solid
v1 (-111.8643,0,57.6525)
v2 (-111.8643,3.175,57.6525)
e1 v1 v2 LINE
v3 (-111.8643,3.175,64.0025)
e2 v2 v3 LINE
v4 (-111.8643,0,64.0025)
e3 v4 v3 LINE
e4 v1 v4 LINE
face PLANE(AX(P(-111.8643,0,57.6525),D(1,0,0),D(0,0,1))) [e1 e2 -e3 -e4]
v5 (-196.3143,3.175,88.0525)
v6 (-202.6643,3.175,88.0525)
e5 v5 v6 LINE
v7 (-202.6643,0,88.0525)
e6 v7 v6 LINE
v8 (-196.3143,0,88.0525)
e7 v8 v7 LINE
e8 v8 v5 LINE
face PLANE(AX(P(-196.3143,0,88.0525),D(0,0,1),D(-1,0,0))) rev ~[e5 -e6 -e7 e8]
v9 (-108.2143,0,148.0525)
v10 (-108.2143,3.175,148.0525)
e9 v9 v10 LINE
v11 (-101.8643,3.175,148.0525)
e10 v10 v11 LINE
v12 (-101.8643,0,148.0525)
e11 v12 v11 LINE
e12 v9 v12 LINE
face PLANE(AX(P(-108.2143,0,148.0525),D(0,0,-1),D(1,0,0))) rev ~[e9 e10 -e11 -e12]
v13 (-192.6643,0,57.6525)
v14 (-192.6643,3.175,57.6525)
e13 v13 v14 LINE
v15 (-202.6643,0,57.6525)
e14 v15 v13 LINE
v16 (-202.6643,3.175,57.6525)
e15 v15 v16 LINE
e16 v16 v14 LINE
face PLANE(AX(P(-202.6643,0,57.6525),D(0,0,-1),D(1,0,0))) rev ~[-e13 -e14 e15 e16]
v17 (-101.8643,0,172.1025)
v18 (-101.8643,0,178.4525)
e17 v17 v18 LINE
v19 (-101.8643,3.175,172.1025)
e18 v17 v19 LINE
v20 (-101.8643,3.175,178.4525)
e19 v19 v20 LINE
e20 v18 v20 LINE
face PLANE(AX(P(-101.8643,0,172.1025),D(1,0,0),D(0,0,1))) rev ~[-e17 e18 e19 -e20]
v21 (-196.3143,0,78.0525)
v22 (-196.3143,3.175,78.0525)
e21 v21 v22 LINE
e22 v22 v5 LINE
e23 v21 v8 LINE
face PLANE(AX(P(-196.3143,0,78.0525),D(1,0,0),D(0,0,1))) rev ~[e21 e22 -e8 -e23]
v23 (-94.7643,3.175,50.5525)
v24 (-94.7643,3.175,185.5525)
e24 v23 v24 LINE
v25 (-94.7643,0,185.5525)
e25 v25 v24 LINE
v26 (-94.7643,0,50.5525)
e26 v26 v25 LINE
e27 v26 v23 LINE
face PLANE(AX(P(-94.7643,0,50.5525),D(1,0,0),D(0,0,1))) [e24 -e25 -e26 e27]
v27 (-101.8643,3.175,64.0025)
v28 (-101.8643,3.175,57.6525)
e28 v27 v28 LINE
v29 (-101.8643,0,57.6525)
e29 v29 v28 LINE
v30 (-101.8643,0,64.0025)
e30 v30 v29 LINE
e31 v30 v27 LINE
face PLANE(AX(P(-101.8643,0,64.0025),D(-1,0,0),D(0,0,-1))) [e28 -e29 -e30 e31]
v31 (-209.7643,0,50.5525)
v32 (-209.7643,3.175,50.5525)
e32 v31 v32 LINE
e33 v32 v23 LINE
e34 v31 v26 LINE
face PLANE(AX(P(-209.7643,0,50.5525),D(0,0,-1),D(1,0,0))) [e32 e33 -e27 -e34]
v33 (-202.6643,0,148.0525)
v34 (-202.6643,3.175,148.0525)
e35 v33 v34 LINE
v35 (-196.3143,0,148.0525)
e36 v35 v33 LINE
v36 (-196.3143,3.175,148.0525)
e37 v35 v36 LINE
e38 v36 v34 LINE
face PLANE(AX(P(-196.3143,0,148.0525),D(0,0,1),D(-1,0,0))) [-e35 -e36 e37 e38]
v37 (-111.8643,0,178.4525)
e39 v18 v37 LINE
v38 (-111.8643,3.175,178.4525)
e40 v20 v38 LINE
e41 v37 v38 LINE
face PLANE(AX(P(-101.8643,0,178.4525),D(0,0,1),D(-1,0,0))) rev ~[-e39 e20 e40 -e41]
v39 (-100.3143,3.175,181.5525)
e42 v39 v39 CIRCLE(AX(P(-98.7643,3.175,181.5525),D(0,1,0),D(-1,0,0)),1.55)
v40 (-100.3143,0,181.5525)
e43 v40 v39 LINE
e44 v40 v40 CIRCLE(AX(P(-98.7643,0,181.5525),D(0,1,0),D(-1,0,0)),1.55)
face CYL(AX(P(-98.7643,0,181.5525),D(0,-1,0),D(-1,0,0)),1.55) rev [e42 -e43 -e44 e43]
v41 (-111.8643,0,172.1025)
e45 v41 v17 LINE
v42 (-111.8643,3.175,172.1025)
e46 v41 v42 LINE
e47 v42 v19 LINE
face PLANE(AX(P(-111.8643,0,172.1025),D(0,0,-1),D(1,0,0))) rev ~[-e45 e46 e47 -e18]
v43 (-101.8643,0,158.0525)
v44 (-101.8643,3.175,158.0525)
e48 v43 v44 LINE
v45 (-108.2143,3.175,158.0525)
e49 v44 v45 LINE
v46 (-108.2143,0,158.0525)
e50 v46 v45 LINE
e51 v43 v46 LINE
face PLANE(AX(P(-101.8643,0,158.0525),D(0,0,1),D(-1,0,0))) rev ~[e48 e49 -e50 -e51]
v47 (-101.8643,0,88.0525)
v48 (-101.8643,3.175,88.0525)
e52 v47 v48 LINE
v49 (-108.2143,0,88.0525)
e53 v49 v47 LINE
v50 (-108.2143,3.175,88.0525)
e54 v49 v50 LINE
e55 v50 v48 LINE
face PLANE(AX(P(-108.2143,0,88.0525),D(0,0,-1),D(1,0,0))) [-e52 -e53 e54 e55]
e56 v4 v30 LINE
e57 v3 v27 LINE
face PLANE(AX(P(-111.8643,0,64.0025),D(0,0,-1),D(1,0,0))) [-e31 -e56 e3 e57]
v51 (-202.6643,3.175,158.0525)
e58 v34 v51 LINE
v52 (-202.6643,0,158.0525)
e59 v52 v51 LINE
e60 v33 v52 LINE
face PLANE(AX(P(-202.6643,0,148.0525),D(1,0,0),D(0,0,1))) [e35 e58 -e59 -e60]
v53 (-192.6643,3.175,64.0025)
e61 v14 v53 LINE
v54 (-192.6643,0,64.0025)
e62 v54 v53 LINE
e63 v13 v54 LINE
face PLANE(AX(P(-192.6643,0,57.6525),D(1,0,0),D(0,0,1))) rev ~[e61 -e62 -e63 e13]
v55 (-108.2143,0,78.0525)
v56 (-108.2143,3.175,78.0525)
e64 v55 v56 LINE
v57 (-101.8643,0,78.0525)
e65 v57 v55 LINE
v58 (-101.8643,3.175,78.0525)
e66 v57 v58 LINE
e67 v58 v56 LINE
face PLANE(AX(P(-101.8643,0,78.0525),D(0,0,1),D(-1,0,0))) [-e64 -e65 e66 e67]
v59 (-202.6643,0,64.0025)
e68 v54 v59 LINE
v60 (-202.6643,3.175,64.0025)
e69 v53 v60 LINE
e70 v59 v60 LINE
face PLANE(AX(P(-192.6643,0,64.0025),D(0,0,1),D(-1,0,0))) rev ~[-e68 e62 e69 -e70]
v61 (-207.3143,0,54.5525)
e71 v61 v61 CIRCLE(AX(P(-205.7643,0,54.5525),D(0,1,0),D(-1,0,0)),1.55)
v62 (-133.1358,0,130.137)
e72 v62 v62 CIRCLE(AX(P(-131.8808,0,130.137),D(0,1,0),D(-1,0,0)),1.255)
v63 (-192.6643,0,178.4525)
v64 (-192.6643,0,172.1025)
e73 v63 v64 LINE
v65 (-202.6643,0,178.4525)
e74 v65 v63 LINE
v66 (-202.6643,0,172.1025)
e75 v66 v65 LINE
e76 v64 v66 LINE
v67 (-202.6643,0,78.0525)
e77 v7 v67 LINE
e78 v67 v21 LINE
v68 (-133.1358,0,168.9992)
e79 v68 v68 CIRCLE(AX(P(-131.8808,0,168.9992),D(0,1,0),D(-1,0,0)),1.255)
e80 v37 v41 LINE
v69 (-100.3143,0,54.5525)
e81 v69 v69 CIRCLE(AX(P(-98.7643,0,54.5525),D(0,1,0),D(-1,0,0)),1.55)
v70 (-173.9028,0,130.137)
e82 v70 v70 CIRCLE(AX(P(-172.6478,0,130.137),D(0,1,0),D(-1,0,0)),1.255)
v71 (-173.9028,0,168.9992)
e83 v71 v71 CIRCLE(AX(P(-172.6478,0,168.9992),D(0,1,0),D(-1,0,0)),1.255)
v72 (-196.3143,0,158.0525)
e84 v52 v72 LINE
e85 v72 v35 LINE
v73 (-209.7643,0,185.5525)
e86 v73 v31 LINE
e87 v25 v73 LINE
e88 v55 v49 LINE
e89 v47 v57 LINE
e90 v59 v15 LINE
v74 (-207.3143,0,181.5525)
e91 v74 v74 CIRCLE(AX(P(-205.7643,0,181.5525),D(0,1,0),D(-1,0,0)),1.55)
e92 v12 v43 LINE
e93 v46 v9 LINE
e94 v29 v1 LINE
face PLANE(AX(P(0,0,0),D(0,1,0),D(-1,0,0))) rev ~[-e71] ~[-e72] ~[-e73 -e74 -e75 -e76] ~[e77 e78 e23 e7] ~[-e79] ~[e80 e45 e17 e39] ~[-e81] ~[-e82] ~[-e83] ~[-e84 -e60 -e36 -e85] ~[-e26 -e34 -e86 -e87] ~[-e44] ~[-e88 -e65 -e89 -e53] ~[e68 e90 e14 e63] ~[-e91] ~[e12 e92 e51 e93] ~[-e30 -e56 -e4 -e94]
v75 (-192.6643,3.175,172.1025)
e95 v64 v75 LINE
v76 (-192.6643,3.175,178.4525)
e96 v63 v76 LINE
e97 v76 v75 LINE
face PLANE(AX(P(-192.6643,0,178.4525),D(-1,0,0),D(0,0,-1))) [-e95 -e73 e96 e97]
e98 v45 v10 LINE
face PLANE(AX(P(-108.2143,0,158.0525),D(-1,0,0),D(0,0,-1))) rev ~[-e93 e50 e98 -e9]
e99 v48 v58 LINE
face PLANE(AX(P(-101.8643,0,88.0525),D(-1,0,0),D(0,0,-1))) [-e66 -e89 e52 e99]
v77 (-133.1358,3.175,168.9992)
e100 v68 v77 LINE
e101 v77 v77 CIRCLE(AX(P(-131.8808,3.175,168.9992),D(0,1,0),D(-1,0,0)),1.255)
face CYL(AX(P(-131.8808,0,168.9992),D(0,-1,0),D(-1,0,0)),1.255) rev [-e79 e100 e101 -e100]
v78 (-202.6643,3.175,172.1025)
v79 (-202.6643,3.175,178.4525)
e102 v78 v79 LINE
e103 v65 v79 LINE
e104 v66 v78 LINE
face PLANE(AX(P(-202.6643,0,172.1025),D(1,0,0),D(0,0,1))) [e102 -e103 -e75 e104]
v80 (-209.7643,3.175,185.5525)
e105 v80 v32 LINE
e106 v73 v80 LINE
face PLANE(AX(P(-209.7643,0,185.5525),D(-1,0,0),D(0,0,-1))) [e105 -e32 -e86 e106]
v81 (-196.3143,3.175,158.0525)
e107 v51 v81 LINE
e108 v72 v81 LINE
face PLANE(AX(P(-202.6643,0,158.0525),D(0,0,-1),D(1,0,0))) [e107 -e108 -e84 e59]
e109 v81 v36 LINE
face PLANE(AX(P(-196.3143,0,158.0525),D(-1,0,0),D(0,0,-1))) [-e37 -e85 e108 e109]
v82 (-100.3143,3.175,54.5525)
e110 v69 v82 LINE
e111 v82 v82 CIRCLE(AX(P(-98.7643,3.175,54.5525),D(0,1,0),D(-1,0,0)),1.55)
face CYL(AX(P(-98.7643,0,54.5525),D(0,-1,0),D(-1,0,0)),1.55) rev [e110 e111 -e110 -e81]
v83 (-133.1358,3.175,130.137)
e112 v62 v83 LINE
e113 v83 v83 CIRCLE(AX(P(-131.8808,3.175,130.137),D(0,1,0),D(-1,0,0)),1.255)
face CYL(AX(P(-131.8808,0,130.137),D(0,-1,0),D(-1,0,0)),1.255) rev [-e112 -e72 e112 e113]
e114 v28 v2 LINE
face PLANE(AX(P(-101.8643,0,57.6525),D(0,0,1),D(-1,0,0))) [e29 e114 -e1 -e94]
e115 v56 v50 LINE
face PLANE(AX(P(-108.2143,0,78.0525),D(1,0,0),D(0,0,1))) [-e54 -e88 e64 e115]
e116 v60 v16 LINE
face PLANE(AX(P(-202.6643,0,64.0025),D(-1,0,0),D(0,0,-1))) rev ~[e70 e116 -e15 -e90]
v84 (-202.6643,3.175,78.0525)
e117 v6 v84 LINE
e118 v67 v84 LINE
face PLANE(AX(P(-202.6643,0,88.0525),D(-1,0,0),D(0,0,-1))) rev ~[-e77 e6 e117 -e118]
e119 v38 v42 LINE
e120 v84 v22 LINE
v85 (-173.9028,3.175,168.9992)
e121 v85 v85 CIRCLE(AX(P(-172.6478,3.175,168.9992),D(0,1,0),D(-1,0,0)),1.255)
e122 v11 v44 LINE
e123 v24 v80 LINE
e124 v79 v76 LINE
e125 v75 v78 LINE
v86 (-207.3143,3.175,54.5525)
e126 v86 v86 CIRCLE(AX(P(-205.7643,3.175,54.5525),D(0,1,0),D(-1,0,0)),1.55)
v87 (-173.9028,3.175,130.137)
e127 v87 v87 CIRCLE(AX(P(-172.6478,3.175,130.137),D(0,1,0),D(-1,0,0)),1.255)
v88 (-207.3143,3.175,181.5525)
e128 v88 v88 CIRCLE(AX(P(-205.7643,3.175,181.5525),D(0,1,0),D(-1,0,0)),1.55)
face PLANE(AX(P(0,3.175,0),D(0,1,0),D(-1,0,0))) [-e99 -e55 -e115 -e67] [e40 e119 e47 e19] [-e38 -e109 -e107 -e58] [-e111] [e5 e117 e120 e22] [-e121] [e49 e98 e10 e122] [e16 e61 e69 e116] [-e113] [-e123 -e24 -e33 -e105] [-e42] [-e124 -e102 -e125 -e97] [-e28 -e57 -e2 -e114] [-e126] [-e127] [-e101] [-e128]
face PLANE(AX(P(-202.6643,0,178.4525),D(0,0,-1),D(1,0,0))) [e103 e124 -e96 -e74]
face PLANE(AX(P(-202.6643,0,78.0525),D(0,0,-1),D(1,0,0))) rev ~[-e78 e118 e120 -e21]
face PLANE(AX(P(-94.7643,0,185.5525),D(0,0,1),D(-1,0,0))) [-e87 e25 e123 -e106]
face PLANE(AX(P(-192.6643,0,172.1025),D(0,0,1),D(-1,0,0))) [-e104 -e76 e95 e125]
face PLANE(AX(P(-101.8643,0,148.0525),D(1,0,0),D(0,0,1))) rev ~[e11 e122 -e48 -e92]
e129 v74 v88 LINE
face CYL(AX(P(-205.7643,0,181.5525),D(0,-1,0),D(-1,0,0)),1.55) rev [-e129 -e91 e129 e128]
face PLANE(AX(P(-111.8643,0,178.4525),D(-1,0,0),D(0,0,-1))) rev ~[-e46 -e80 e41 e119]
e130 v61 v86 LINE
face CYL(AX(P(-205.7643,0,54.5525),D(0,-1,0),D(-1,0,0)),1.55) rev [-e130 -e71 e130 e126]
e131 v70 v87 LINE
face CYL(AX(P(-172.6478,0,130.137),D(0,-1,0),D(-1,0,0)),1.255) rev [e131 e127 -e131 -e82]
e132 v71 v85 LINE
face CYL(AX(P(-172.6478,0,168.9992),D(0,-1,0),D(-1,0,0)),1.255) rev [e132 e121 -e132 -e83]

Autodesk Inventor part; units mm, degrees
ref_plane "YZ Plane" through (0, 0, 0) normal (1, 0, 0) x (0, 1, 0)
ref_plane "XZ Plane" through (0, 0, 0) normal (0, 1, 0) x (-1, 0, 0)
ref_plane "XY Plane" through (0, 0, 0) normal (0, 0, 1) x (1, 0, 0)
sketch "Sketch1" plane through (0, 0, 0) normal (0, 1, 0) x (-1, 0, 0)
  line L0 (209.7643, 50.5525) -> (94.7643, 50.5525)
  line L1 (94.7643, 185.5525) -> (209.7643, 185.5525)
  line L2 (94.7643, 50.5525) -> (94.7643, 185.5525)
  line L3 (152.2643, 185.5525) -> (152.2643, 50.5525) construction
  line L4 (209.7643, 185.5525) -> (209.7643, 50.5525)
  line L5 (111.8643, 172.1025) -> (101.8643, 172.1025)
  line L6 (111.8643, 178.4525) -> (111.8643, 172.1025)
  line L7 (101.8643, 178.4525) -> (111.8643, 178.4525)
  line L8 (101.8643, 172.1025) -> (101.8643, 178.4525)
  circle A0 centre (98.7643, 181.5525) radius 1.55
  line L9 (101.8643, 158.0525) -> (108.2143, 158.0525)
  line L10 (108.2143, 158.0525) -> (108.2143, 148.0525)
  line L11 (108.2143, 148.0525) -> (101.8643, 148.0525)
  line L12 (101.8643, 148.0525) -> (101.8643, 158.0525)
  circle A1 centre (131.8808, 168.9992) radius 1.255
  line L13 (128.2613, 169.1897) -> (152.2643, 169.1897) construction
  line L14 (128.2613, 149.5681) -> (128.2613, 169.1897) construction
  line L15 (175.8733, 149.5681) -> (128.2613, 149.5681) construction
  line L16 (209.7643, 118.0525) -> (94.7643, 118.0525) construction
  line L17 (192.6643, 172.1025) -> (202.6643, 172.1025)
  line L18 (196.3143, 148.0525) -> (202.6643, 148.0525)
  line L19 (196.3143, 158.0525) -> (196.3143, 148.0525)
  line L20 (202.6643, 148.0525) -> (202.6643, 158.0525)
  line L21 (192.6643, 178.4525) -> (192.6643, 172.1025)
  line L22 (202.6643, 178.4525) -> (192.6643, 178.4525)
  line L23 (202.6643, 172.1025) -> (202.6643, 178.4525)
  circle A2 centre (205.7643, 181.5525) radius 1.55
  line L24 (202.6643, 158.0525) -> (196.3143, 158.0525)
  line L25 (108.2143, 88.0525) -> (101.8643, 88.0525)
  line L26 (101.8643, 88.0525) -> (101.8643, 78.0525)
  line L27 (101.8643, 78.0525) -> (108.2143, 78.0525)
  line L28 (111.8643, 64.0025) -> (101.8643, 64.0025)
  line L29 (101.8643, 64.0025) -> (101.8643, 57.6525)
  line L30 (111.8643, 57.6525) -> (111.8643, 64.0025)
  line L31 (101.8643, 57.6525) -> (111.8643, 57.6525)
  circle A3 centre (98.7643, 54.5525) radius 1.55
  line L32 (108.2143, 78.0525) -> (108.2143, 88.0525)
  line L33 (196.3143, 78.0525) -> (196.3143, 88.0525)
  line L34 (196.3143, 88.0525) -> (202.6643, 88.0525)
  line L35 (202.6643, 88.0525) -> (202.6643, 78.0525)
  line L36 (202.6643, 78.0525) -> (196.3143, 78.0525)
  line L37 (192.6643, 64.0025) -> (202.6643, 64.0025)
  line L38 (192.6643, 57.6525) -> (192.6643, 64.0025)
  line L39 (202.6643, 57.6525) -> (192.6643, 57.6525)
  line L40 (202.6643, 64.0025) -> (202.6643, 57.6525)
  circle A4 centre (205.7643, 54.5525) radius 1.55
  line L41 (176.2673, 169.1897) -> (152.2643, 169.1897) construction
  line L42 (176.2673, 149.5681) -> (176.2673, 169.1897) construction
  circle A5 centre (172.6478, 168.9992) radius 1.255
  line L43 (176.2673, 129.9465) -> (152.2643, 129.9465) construction
  circle A6 centre (172.6478, 130.137) radius 1.255
  line L44 (176.2673, 149.5681) -> (176.2673, 129.9465) construction
  circle A7 centre (131.8808, 130.137) radius 1.255
  line L45 (128.2613, 129.9465) -> (152.2643, 129.9465) construction
  line L46 (128.2613, 149.5681) -> (128.2613, 129.9465) construction
  circle A8 centre (144.6443, 167.7925) radius 0.9 construction
  circle A9 centre (144.6443, 165.2525) radius 0.9 construction
  circle A10 centre (144.6443, 162.7125) radius 0.9 construction
  circle A11 centre (144.6443, 160.1725) radius 0.9 construction
  circle A12 centre (144.6443, 157.6325) radius 0.9 construction
  circle A13 centre (144.6443, 155.0925) radius 0.9 construction
  circle A14 centre (144.6443, 152.5525) radius 0.9 construction
  circle A15 centre (144.6443, 150.0125) radius 0.9 construction
  circle A16 centre (144.6443, 147.4725) radius 0.9 construction
  circle A17 centre (144.6443, 144.9325) radius 0.9 construction
  circle A18 centre (144.6443, 142.3925) radius 0.9 construction
  circle A19 centre (144.6443, 139.8525) radius 0.9 construction
  circle A20 centre (159.8849, 167.7925) radius 0.9 construction
  circle A21 centre (159.8849, 165.2525) radius 0.9 construction
  circle A22 centre (159.8849, 162.7125) radius 0.9 construction
  circle A23 centre (159.8849, 160.1725) radius 0.9 construction
  circle A24 centre (159.8849, 157.6325) radius 0.9 construction
  circle A25 centre (159.8849, 155.0925) radius 0.9 construction
  circle A26 centre (159.8849, 152.5525) radius 0.9 construction
  circle A27 centre (159.8849, 150.0125) radius 0.9 construction
  circle A28 centre (159.8849, 147.4725) radius 0.9 construction
  circle A29 centre (159.8849, 144.9325) radius 0.9 construction
  circle A30 centre (159.8849, 142.3925) radius 0.9 construction
  circle A31 centre (159.8849, 139.8525) radius 0.9 construction
  line L47 (148.5143, 172.1025) -> (156.0143, 172.1025) construction
  line L48 (156.0143, 172.1025) -> (156.0143, 167.1025) construction
  line L49 (156.0143, 167.1025) -> (148.5143, 167.1025) construction
  line L50 (148.5143, 167.1025) -> (148.5143, 172.1025) construction
  line L51 (143.3743, 171.6025) -> (161.1543, 171.6025) construction
  line L52 (161.1543, 171.6025) -> (161.1543, 138.5825) construction
  line L53 (161.1543, 138.5825) -> (143.3743, 138.5825) construction
  line L54 (143.3743, 138.5825) -> (143.3743, 171.6025) construction
  line L55 (144.7643, 172.1025) -> (159.7643, 172.1025) construction
  line L56 (159.7643, 172.1025) -> (159.7643, 167.1025) construction
  line L57 (159.7643, 167.1025) -> (144.7643, 167.1025) construction
  line L58 (144.7643, 167.1025) -> (144.7643, 172.1025) construction
  line L59 (111.2143, 74.0025) -> (131.8143, 74.0025)
  line L60 (131.8143, 74.0025) -> (131.8143, 94.6025)
  line L61 (131.8143, 94.6025) -> (111.2143, 94.6025)
  line L62 (111.2143, 94.6025) -> (111.2143, 74.0025)
  line L63 (172.7143, 74.0025) -> (172.7143, 94.6025)
  line L64 (172.7143, 94.6025) -> (193.3143, 94.6025)
  line L65 (193.3143, 74.0025) -> (172.7143, 74.0025)
  line L66 (193.3143, 94.6025) -> (193.3143, 74.0025)
  line L67 (131.8143, 141.5025) -> (111.2143, 141.5025)
  line L68 (131.8143, 162.1025) -> (131.8143, 141.5025)
  line L69 (111.2143, 162.1025) -> (131.8143, 162.1025)
  line L70 (111.2143, 141.5025) -> (111.2143, 162.1025)
  line L71 (172.7143, 141.5025) -> (193.3143, 141.5025)
  line L72 (172.7143, 162.1025) -> (172.7143, 141.5025)
  line L73 (193.3143, 141.5025) -> (193.3143, 162.1025)
  line L74 (193.3143, 162.1025) -> (172.7143, 162.1025)
  point P0 (0, 0)
  point P1 (152.2643, 118.0525)
  point P2 (152.2643, 149.2659)
  point P3 (152.2643, 172.1025)
  point P4 (152.2643, 171.6025)
  point P5 (106.8643, 172.1025)
  point P6 (152.2643, 172.1025)
  dimension "d4" = 115
  dimension "d5" = 135
  dimension "d6" = 6.35
  dimension "d7" = 10
  dimension "d8" = 3.1
  dimension "d9" = 10
  dimension "d10" = 6.35
  dimension "d11" = 4
  dimension "d12" = 4
  dimension "d13" = 7.1
  dimension "d14" = 2.51
  dimension "d15" = 27.5
  dimension "d16" = 20.3835
  dimension "d17" = 19.4311
  dimension "d18" = 19.6216
  dimension "d19" = 1.8
  dimension "d20" = 16.383
  dimension "d21" = 2.54
  dimension "d22" = 15.2405
  dimension "d23" = 7.5
  dimension "d24" = 5
  dimension "d25" = 17.78
  dimension "d26" = 33.02
  dimension "d27" = 1.27
  dimension "d28" = 0.5
  dimension "d29" = 3.81
  dimension "d30" = 9.906
  dimension "d31" = 36.65
  dimension "d32" = 15
  dimension "d33" = 5
  dimension "d34" = 32.9
  dimension "d35" = 20.6
  dimension "d36" = 20.6
  dimension "d37" = 3
  dimension "d38" = 10
  dimension "d39" = 40.767
  dimension "d40" = 40.4
  dimension "d41" = 7.1
extrude "Extrusion2" add sketch "Sketch1" along normal blind 3.175 contours L0 L2 L1 L4 | L62 L61 L60 L59 | L63 L64 L66 L65 | L67 L70 L69 L68 | L72 L74 L73 L71
properties part number "boxBottom"
